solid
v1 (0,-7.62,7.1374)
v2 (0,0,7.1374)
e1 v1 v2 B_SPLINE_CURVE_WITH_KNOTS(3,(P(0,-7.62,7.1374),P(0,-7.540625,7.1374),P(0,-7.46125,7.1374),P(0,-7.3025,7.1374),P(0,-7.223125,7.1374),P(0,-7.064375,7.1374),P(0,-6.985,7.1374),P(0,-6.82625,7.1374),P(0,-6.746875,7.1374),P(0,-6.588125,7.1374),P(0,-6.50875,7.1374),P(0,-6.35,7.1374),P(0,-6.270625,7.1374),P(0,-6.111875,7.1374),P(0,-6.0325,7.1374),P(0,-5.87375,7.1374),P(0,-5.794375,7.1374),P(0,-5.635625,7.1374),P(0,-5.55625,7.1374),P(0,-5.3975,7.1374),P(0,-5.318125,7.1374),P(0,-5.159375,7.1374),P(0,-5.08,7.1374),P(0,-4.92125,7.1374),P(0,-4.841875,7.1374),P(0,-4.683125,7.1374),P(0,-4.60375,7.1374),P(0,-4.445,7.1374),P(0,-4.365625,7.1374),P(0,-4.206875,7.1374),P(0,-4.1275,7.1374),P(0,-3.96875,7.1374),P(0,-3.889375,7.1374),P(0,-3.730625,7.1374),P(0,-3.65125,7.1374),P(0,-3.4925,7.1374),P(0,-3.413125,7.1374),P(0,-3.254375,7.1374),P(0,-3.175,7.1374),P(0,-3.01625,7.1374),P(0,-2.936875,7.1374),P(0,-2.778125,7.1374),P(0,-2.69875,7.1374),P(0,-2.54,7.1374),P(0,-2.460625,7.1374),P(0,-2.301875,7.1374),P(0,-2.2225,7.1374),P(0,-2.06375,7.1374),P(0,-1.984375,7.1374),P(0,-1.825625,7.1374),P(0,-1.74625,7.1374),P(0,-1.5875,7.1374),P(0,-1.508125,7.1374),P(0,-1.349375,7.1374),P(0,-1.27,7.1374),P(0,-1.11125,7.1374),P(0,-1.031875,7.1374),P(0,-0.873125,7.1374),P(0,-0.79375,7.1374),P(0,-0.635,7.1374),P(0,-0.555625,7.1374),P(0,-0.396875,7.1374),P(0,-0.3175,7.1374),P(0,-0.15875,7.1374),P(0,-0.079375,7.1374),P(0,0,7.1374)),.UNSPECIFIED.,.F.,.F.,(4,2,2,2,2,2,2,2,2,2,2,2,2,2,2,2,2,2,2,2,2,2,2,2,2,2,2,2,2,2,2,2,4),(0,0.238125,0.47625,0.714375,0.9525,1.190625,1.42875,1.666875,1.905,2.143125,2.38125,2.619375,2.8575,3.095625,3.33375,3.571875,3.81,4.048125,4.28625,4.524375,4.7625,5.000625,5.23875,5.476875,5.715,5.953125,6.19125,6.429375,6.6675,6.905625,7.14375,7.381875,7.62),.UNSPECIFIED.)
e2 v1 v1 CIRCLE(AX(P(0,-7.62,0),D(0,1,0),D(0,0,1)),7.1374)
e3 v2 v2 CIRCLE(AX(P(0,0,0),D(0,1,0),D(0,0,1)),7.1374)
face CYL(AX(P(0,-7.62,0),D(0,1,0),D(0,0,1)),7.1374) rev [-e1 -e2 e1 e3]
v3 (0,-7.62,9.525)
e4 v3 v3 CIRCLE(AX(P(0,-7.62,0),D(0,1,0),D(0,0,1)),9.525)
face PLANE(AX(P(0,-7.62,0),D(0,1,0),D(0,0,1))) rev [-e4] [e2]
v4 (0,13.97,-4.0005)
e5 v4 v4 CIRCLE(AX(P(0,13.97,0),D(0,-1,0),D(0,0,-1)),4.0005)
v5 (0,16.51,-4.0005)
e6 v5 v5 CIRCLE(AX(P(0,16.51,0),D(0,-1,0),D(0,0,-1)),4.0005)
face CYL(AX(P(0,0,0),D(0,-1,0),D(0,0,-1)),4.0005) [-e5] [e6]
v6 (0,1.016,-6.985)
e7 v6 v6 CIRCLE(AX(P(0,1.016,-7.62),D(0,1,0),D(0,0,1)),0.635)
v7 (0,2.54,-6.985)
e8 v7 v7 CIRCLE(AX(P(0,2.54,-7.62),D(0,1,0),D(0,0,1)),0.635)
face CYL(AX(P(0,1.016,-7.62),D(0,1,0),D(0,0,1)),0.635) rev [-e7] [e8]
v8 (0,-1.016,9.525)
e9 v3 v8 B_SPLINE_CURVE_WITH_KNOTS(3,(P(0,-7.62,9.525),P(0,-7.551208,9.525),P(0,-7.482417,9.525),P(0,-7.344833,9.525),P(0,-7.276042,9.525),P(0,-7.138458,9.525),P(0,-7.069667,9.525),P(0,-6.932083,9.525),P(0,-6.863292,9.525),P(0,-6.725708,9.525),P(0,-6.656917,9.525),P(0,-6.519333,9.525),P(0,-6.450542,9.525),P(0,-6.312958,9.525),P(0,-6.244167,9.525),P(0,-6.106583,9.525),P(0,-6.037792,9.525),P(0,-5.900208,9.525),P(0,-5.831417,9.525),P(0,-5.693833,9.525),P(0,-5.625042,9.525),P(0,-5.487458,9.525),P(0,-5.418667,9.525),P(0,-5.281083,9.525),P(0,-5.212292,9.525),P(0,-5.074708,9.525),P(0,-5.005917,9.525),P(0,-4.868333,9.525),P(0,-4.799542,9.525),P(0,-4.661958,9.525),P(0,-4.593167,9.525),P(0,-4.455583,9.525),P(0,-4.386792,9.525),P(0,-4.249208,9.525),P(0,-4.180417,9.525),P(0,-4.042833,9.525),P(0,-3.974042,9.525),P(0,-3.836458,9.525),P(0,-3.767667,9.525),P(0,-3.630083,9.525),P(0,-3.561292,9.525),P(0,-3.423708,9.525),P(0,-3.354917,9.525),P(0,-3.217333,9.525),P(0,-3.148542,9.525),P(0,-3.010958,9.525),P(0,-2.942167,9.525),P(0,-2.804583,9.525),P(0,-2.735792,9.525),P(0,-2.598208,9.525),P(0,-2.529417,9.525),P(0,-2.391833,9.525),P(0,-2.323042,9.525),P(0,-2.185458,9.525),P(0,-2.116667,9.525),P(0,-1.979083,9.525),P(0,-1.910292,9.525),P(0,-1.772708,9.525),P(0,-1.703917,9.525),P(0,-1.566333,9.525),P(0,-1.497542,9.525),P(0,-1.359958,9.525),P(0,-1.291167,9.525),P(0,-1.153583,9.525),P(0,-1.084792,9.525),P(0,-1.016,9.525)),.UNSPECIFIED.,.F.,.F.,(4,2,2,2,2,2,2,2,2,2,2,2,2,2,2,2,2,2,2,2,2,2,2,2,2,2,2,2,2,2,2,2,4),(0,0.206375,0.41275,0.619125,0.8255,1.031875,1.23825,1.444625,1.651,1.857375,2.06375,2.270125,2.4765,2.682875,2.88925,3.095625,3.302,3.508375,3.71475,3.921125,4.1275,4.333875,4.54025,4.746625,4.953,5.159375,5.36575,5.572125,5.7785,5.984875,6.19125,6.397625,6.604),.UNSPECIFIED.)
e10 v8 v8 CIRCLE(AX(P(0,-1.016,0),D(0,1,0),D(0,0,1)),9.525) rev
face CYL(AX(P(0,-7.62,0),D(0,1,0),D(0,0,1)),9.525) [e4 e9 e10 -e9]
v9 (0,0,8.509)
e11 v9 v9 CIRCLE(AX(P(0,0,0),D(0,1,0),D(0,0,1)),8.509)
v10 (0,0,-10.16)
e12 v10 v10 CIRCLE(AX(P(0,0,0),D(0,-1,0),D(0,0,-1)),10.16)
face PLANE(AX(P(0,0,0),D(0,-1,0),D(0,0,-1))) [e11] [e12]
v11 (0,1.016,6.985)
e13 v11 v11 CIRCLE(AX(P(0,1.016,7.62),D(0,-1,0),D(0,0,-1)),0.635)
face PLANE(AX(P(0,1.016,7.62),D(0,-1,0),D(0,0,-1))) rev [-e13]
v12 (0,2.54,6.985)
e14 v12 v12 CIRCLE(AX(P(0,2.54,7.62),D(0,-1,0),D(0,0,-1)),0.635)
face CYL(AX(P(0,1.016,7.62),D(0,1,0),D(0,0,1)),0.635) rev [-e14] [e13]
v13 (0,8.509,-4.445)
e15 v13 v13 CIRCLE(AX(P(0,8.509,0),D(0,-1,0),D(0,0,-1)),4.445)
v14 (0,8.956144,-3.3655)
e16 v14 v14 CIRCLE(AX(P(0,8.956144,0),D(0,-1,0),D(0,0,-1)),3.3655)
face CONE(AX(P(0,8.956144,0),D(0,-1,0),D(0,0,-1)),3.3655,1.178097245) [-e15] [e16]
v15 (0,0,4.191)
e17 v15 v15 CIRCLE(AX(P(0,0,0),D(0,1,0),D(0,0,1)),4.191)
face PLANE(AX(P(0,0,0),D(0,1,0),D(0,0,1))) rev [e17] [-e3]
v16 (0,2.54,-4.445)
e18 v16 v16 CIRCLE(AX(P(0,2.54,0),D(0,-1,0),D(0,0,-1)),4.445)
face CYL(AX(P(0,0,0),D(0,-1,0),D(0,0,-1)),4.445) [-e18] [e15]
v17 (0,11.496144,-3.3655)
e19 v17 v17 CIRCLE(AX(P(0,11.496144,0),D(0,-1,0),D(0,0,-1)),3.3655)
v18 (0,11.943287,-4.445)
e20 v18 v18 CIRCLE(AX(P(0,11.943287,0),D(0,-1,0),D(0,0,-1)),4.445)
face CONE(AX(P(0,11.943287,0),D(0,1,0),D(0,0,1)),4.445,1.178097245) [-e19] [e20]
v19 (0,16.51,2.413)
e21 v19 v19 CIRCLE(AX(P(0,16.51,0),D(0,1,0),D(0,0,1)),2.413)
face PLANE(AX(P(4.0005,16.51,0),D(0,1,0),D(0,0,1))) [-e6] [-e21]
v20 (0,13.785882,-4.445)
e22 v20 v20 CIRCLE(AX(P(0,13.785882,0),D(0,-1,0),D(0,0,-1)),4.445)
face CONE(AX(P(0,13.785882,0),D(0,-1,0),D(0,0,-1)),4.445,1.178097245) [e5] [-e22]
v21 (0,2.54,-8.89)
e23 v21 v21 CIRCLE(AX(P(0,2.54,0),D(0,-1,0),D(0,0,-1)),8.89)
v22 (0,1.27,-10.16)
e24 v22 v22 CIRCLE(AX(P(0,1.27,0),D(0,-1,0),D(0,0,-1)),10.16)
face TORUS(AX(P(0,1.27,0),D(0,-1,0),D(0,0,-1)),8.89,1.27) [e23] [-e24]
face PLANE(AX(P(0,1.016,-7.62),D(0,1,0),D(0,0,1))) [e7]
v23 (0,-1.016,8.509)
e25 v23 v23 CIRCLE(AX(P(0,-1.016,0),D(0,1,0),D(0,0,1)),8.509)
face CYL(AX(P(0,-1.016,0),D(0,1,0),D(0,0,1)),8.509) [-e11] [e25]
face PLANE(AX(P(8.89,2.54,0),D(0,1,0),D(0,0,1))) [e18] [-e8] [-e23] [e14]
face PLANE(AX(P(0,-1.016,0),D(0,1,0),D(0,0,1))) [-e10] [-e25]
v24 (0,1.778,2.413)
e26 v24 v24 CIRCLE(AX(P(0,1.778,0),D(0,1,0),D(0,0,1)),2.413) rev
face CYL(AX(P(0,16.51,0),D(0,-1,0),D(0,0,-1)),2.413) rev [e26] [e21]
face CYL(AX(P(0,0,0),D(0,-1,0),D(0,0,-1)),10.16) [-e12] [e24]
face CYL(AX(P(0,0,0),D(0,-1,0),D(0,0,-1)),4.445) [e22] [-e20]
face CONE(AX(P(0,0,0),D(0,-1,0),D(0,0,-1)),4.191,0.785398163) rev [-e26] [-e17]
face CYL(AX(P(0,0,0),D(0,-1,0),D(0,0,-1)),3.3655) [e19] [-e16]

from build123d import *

# Parameters (mm, degrees)
SKETCH1_R           = 9.525
SHAFT_DEPTH         = 7.62
SKETCH11_R          = 9.779
SKETCH11_R_2        = 8.509
THREAD_RECESS_DEPTH = 1.016
SKETCH13_R          = 7.1374
LARGE_HOLE_DEPTH    = 22.88678373
SKETCH14_R          = 2.413
SMALL_HOLE_DEPTH    = 22.88678373
CHAMFER1_SIZE       = 1.778
SKETCH15_R          = 0.635
TOOL_HOLES_DEPTH    = 1.524


with BuildPart() as part:
    # Sketch1 → Shaft (new body)
    with BuildSketch(Plane(origin=(0, 0, 0), x_dir=(1, 0, 0), z_dir=(0, 1, 0))):
        Circle(SKETCH1_R)
    extrude(amount=-SHAFT_DEPTH)

    # Sketch11 → Thread Recess (cut)
    with BuildSketch(Plane(origin=(0, 0, 0), x_dir=(1, 0, 0), z_dir=(0, 1, 0))):
        Circle(SKETCH11_R)
        Circle(SKETCH11_R_2, mode=Mode.SUBTRACT)
    extrude(amount=-THREAD_RECESS_DEPTH, mode=Mode.SUBTRACT)

    # Sketch12 → Standard Connector (revolve)
    with BuildSketch(Plane.XY):
        with BuildLine():
            Line((0, 0), (10.16, 0))
            Line((10.16, 0), (10.16, 1.27))
            ThreePointArc((10.16, 1.27), (9.788025612, 2.168025612), (8.89, 2.54))
            Line((8.89, 2.54), (4.445, 2.54))
            Line((4.445, 2.54), (4.445, 8.509))
            Line((4.445, 8.509), (3.3655, 8.956143541))
            Line((3.3655, 8.956143541), (3.3655, 11.496143541))
            Line((3.3655, 11.496143541), (4.445, 11.943287081))
            Line((4.445, 11.943287081), (4.445, 13.785882072))
            Line((4.445, 13.785882072), (4.0005, 13.97))
            Line((4.0005, 13.97), (4.0005, 16.51))
            Line((4.0005, 16.51), (0, 16.51))
            Line((0, 16.51), (0, 0))
        make_face()
    revolve(axis=Axis((0, 0, 0), (0, 1, 0)))

    # Sketch13 → Large Hole (cut, through all)
    with BuildSketch(Plane(origin=(0, 0, 0), x_dir=(1, 0, 0), z_dir=(0, 1, 0))):
        Circle(SKETCH13_R)
    extrude(amount=-LARGE_HOLE_DEPTH, mode=Mode.SUBTRACT)

    # Sketch14 → Small Hole (cut, through all)
    with BuildSketch(Plane(origin=(0, 0, 0), x_dir=(1, 0, 0), z_dir=(0, 1, 0))):
        Circle(SKETCH14_R)
    extrude(amount=SMALL_HOLE_DEPTH, mode=Mode.SUBTRACT)

    # Chamfer1
    chamfer1_edges = [part.edges().sort_by_distance(p)[0] for p in [
        (-2.413, 0, 0),
    ]]
    chamfer(chamfer1_edges, length=CHAMFER1_SIZE)

    # Sketch15 → Tool Holes (cut)
    with BuildSketch(Plane(origin=(0, 2.54, 0), x_dir=(-1, 0, 0), z_dir=(0, 1, 0))):
        with Locations((0, -7.62)):
            Circle(SKETCH15_R)
        with Locations((0, 7.62)):
            Circle(SKETCH15_R)
    extrude(amount=-TOOL_HOLES_DEPTH, mode=Mode.SUBTRACT)


solid = part.part
